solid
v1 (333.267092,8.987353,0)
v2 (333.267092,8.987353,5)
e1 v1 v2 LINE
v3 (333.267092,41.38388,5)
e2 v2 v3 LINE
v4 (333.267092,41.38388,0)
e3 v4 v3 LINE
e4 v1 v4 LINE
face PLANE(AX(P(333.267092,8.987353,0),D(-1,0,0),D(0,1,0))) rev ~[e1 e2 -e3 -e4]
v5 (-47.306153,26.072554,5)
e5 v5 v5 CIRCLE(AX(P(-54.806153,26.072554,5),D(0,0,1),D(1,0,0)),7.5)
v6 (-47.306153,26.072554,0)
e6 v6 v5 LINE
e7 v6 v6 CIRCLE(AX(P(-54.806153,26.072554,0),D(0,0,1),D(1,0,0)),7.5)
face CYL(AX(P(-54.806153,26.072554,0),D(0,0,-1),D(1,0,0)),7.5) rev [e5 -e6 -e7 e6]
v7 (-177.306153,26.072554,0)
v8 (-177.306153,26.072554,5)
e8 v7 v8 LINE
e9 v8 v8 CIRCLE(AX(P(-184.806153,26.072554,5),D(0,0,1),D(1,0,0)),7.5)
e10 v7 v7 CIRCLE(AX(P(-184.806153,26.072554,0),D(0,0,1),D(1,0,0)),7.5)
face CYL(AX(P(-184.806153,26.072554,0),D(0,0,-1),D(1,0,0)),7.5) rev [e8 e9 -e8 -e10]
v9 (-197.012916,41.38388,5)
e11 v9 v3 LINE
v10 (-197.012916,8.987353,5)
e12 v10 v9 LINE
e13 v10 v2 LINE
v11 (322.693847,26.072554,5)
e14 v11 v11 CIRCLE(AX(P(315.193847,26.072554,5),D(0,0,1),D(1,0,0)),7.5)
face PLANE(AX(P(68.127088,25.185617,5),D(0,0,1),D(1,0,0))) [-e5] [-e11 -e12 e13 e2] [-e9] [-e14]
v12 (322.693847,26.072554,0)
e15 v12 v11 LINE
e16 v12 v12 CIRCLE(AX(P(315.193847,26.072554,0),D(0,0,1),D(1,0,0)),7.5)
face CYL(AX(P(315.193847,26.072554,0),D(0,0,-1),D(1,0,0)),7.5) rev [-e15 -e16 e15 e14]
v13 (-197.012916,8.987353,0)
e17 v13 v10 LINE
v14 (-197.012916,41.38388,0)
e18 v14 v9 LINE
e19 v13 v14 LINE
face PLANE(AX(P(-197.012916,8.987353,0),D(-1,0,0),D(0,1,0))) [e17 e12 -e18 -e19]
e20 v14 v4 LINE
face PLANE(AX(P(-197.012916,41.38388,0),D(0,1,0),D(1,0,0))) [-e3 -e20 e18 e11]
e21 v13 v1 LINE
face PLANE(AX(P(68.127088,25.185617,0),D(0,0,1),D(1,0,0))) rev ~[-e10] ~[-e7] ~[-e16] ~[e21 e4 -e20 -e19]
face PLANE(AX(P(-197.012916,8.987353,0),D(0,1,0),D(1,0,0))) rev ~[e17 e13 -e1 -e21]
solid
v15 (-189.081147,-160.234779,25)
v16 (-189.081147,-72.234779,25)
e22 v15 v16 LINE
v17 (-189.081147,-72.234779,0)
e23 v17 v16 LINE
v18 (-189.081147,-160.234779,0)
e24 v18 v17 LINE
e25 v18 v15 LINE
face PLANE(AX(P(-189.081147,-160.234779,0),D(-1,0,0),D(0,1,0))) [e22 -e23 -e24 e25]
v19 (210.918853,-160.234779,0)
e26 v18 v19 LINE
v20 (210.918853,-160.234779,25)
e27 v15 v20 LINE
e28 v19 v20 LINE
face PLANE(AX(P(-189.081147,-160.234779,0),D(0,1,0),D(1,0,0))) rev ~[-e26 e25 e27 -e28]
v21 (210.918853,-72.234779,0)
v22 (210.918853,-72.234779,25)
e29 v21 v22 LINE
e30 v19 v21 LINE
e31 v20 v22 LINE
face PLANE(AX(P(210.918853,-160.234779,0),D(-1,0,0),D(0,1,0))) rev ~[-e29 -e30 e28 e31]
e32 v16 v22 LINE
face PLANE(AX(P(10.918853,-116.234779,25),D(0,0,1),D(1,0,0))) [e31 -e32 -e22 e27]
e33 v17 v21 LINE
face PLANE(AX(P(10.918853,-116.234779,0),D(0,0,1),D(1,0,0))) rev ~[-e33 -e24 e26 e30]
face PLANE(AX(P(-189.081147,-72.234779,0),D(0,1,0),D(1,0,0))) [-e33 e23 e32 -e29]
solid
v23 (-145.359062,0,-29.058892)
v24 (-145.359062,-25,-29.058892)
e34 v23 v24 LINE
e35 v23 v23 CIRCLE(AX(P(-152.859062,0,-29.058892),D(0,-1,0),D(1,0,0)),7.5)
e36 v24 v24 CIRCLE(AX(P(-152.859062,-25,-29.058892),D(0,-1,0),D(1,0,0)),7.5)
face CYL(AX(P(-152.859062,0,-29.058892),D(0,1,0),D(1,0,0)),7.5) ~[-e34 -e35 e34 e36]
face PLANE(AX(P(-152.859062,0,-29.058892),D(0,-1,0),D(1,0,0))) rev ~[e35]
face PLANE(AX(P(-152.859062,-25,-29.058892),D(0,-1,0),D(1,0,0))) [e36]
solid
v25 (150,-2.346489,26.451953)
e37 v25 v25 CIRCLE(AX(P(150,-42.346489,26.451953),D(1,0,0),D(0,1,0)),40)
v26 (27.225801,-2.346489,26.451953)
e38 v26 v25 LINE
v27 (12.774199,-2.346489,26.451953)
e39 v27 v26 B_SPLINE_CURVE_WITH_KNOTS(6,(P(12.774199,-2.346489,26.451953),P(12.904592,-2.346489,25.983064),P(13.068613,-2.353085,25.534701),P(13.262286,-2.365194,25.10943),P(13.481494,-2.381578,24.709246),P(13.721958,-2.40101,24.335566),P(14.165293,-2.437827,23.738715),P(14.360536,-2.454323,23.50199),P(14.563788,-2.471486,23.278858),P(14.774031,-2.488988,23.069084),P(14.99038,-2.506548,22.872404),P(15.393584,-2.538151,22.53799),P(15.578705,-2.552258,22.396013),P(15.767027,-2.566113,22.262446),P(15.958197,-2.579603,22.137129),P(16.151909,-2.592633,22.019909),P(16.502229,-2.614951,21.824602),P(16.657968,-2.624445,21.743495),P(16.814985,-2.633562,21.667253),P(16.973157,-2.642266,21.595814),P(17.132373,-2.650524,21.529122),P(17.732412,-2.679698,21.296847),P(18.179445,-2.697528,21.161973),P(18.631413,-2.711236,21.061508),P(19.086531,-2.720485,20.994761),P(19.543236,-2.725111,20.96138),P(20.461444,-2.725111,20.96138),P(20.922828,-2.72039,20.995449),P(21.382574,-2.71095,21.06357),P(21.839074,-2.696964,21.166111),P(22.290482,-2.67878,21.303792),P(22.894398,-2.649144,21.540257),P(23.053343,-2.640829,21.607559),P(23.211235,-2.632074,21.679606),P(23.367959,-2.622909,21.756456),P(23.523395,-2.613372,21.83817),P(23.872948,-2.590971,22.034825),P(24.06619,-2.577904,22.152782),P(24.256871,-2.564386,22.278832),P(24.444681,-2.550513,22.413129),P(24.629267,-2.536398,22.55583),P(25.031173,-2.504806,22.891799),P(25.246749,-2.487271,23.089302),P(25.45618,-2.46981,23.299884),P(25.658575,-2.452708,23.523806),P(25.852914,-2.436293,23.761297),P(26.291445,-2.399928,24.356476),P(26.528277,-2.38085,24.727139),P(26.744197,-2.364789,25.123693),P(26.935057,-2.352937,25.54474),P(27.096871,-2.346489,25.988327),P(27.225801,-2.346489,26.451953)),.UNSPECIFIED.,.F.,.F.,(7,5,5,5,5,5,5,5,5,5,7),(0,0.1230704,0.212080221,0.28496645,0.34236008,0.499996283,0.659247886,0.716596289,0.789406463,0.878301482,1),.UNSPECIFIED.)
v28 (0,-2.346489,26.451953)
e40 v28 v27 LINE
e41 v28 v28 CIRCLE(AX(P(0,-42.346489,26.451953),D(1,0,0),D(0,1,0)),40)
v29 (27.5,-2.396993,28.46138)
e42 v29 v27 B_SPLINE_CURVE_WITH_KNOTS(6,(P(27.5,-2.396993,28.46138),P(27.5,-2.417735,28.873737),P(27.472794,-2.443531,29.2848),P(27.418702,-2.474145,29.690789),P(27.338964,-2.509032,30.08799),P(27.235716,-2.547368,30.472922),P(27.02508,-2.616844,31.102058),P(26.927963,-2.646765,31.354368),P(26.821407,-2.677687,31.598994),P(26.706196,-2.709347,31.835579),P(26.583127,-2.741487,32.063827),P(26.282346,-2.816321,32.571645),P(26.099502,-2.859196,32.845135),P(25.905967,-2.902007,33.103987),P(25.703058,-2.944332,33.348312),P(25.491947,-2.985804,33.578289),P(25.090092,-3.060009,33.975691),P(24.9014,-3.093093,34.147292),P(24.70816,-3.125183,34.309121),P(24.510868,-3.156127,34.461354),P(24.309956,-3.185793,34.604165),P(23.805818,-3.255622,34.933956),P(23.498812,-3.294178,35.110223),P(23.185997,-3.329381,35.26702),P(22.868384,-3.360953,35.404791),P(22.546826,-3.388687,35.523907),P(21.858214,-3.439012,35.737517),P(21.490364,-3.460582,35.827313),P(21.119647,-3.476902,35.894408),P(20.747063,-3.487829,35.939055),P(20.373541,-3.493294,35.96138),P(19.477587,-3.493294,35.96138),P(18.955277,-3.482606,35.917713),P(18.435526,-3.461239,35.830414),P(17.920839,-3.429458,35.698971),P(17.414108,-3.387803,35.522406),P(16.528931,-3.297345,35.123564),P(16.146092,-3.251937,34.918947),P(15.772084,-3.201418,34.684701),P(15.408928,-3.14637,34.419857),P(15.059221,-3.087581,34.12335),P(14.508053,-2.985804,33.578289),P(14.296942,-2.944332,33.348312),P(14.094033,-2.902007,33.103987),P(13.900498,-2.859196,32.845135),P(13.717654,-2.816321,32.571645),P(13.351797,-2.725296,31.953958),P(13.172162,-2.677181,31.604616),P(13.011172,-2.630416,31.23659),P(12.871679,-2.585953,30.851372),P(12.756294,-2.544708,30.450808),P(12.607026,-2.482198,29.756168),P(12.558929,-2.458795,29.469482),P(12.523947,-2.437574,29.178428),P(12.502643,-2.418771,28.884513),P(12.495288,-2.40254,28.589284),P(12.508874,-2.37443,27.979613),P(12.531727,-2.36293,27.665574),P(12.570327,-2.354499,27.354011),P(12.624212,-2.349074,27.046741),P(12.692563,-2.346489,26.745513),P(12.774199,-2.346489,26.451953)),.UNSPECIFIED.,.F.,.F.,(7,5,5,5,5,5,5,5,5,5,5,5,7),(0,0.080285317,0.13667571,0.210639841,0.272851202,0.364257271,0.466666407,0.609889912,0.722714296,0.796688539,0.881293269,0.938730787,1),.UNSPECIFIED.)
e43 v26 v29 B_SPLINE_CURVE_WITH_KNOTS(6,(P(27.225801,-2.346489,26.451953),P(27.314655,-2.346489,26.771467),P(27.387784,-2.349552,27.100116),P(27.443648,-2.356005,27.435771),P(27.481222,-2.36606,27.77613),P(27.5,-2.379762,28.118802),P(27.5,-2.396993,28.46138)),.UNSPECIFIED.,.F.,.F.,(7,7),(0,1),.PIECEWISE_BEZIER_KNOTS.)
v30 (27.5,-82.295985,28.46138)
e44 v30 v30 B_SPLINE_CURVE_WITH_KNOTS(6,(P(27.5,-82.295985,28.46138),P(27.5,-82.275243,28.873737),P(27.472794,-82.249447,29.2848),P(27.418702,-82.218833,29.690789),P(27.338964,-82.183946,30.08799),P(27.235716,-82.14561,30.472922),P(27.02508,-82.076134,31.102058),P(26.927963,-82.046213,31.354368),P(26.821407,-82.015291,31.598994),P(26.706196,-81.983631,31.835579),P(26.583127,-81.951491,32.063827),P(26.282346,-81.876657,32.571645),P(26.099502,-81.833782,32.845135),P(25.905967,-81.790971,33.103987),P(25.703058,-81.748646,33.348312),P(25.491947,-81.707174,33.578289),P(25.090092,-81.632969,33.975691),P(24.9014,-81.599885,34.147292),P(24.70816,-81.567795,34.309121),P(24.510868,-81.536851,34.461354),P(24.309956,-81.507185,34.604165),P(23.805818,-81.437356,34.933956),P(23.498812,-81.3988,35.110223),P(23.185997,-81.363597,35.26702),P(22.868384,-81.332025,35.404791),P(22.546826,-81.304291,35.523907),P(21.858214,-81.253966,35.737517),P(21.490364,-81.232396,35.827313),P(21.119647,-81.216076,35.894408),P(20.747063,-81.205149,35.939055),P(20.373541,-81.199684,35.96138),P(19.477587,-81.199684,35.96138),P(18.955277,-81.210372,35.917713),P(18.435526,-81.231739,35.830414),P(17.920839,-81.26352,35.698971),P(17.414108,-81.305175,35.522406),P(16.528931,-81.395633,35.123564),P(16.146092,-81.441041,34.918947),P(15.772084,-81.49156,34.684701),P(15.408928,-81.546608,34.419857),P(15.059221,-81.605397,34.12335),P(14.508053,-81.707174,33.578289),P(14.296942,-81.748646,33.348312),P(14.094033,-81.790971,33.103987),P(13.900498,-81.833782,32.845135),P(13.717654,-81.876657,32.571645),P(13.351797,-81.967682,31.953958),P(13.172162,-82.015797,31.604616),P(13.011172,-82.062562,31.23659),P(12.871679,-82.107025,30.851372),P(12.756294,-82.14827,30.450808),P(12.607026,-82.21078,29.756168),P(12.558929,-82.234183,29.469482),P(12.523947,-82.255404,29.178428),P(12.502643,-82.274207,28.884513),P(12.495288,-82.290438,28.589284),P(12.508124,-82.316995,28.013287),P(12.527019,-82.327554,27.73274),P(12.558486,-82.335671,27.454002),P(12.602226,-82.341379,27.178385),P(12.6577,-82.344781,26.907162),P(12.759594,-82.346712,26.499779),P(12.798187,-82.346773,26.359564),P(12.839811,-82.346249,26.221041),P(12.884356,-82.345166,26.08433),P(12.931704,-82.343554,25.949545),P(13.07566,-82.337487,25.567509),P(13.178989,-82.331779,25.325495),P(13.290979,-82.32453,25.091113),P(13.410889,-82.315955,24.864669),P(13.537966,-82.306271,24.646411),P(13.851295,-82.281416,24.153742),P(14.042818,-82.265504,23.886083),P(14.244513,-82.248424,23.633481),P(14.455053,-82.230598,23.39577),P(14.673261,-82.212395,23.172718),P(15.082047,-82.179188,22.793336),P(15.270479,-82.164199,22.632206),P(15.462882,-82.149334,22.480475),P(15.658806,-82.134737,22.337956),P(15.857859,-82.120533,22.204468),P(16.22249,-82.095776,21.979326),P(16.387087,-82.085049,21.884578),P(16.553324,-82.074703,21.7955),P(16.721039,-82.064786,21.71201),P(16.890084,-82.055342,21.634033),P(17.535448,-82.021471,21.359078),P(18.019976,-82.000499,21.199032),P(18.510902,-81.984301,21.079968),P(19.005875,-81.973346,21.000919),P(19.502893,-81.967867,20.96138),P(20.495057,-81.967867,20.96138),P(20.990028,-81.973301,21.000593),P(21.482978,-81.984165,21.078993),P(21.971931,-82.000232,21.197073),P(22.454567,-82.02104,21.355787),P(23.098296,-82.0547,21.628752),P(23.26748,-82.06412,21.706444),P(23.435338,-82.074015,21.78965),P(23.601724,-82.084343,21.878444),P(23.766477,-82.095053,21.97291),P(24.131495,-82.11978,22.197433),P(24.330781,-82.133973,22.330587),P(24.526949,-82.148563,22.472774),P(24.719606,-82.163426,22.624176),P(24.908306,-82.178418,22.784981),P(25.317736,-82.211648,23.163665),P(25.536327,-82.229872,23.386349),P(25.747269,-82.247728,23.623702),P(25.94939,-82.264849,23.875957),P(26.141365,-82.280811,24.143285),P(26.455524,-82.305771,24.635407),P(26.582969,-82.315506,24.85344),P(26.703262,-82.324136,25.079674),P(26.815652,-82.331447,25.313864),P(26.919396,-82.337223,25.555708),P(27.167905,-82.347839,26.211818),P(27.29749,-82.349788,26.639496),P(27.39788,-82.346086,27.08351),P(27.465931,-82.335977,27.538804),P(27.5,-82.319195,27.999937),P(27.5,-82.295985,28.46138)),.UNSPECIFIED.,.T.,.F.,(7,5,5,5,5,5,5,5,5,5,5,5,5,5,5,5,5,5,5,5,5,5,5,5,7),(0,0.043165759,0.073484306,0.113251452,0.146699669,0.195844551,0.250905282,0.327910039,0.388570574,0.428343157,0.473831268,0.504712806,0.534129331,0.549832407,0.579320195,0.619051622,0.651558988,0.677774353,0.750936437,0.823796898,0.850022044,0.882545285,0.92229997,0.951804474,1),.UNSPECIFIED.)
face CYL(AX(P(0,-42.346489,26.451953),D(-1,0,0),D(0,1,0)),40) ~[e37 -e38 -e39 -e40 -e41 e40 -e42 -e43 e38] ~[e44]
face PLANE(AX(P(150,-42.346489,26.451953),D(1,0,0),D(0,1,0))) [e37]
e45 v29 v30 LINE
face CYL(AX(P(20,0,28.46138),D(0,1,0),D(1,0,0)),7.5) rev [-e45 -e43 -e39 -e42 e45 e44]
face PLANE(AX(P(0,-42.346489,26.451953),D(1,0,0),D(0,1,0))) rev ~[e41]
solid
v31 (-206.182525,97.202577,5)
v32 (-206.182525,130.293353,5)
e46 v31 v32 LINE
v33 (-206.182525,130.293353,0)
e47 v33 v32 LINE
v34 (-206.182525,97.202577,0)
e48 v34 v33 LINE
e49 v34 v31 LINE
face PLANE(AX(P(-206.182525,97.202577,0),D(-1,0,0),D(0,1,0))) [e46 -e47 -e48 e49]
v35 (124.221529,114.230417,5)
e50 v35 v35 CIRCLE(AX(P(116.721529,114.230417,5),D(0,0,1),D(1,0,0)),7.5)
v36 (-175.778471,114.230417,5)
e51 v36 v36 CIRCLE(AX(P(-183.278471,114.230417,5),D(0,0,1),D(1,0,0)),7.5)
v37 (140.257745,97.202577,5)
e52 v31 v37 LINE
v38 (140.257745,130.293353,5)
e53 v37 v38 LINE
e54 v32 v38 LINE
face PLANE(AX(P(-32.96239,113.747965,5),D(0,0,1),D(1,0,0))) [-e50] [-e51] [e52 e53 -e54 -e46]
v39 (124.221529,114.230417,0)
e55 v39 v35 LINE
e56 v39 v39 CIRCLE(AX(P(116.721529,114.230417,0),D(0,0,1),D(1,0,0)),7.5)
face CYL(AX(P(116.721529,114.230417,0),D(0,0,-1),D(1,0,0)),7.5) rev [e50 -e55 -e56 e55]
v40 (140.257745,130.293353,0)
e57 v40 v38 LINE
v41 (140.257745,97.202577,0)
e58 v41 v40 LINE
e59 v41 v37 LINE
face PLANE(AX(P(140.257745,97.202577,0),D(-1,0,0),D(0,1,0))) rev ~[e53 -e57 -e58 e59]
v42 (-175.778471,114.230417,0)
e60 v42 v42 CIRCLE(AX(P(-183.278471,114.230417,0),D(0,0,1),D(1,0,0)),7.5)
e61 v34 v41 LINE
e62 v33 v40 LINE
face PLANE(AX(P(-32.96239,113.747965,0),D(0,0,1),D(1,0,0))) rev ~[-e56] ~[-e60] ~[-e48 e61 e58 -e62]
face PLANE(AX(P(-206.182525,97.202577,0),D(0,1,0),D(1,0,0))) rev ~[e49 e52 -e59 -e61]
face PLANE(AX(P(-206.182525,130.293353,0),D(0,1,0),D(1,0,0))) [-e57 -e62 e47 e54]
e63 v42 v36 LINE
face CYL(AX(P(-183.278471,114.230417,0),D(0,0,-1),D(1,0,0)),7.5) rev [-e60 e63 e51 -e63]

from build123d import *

# Parameters (mm, degrees)
F0_R      = 40
F1_DEPTH  = 150
F2_R      = 7.5
F3_DEPTH  = 82.347489
F4_W      = 530.280009
F4_H      = 32.396527
F4_R      = 7.5
F5_DEPTH  = 5
F6_R      = 7.5
F7_DEPTH  = 25
F8_W      = 400
F8_H      = 88
F9_DEPTH  = 25
F10_W     = 346.440271
F10_H     = 33.090777
F10_R     = 7.5
F11_DEPTH = 5


with BuildPart() as f1:
    # F0 (on Right) → F1 (new body)
    with BuildSketch(Plane.YZ):
        with Locations((-42.346489, 26.451953)):
            Circle(F0_R)
    extrude(amount=F1_DEPTH)

    # F2 (on Front) → F3 (cut, through all)
    with BuildSketch(Plane.XZ):
        with Locations((20, 28.46138)):
            Circle(F2_R)
    extrude(amount=F3_DEPTH, mode=Mode.SUBTRACT)


with BuildPart() as f5:
    # F4 (on Top) → F5 (new body)
    with BuildSketch(Plane.XY):
        with Locations((68.127088, 25.185617)):
            Rectangle(F4_W, F4_H)
        with Locations((-184.806153, 26.072554)):
            Circle(F4_R, mode=Mode.SUBTRACT)
        with Locations((-54.806153, 26.072554)):
            Circle(F4_R, mode=Mode.SUBTRACT)
        with Locations((315.193847, 26.072554)):
            Circle(F4_R, mode=Mode.SUBTRACT)
    extrude(amount=F5_DEPTH)


with BuildPart() as f7:
    # F6 (on Front) → F7 (new body)
    with BuildSketch(Plane.XZ):
        with Locations((-152.859062, -29.058892)):
            Circle(F6_R)
    extrude(amount=F7_DEPTH)


with BuildPart() as f9:
    # F8 (on Top) → F9 (new body)
    with BuildSketch(Plane.XY):
        with Locations((10.918853, -116.234779)):
            Rectangle(F8_W, F8_H)
    extrude(amount=F9_DEPTH)


with BuildPart() as f11:
    # F10 (on Top) → F11 (new body)
    with BuildSketch(Plane.XY):
        with Locations((-32.96239, 113.747965)):
            Rectangle(F10_W, F10_H)
        with Locations((-183.278471, 114.230417)):
            Circle(F10_R, mode=Mode.SUBTRACT)
        with Locations((116.721529, 114.230417)):
            Circle(F10_R, mode=Mode.SUBTRACT)
    extrude(amount=F11_DEPTH)


solid = Compound([f1.part, f5.part, f7.part, f9.part, f11.part])
